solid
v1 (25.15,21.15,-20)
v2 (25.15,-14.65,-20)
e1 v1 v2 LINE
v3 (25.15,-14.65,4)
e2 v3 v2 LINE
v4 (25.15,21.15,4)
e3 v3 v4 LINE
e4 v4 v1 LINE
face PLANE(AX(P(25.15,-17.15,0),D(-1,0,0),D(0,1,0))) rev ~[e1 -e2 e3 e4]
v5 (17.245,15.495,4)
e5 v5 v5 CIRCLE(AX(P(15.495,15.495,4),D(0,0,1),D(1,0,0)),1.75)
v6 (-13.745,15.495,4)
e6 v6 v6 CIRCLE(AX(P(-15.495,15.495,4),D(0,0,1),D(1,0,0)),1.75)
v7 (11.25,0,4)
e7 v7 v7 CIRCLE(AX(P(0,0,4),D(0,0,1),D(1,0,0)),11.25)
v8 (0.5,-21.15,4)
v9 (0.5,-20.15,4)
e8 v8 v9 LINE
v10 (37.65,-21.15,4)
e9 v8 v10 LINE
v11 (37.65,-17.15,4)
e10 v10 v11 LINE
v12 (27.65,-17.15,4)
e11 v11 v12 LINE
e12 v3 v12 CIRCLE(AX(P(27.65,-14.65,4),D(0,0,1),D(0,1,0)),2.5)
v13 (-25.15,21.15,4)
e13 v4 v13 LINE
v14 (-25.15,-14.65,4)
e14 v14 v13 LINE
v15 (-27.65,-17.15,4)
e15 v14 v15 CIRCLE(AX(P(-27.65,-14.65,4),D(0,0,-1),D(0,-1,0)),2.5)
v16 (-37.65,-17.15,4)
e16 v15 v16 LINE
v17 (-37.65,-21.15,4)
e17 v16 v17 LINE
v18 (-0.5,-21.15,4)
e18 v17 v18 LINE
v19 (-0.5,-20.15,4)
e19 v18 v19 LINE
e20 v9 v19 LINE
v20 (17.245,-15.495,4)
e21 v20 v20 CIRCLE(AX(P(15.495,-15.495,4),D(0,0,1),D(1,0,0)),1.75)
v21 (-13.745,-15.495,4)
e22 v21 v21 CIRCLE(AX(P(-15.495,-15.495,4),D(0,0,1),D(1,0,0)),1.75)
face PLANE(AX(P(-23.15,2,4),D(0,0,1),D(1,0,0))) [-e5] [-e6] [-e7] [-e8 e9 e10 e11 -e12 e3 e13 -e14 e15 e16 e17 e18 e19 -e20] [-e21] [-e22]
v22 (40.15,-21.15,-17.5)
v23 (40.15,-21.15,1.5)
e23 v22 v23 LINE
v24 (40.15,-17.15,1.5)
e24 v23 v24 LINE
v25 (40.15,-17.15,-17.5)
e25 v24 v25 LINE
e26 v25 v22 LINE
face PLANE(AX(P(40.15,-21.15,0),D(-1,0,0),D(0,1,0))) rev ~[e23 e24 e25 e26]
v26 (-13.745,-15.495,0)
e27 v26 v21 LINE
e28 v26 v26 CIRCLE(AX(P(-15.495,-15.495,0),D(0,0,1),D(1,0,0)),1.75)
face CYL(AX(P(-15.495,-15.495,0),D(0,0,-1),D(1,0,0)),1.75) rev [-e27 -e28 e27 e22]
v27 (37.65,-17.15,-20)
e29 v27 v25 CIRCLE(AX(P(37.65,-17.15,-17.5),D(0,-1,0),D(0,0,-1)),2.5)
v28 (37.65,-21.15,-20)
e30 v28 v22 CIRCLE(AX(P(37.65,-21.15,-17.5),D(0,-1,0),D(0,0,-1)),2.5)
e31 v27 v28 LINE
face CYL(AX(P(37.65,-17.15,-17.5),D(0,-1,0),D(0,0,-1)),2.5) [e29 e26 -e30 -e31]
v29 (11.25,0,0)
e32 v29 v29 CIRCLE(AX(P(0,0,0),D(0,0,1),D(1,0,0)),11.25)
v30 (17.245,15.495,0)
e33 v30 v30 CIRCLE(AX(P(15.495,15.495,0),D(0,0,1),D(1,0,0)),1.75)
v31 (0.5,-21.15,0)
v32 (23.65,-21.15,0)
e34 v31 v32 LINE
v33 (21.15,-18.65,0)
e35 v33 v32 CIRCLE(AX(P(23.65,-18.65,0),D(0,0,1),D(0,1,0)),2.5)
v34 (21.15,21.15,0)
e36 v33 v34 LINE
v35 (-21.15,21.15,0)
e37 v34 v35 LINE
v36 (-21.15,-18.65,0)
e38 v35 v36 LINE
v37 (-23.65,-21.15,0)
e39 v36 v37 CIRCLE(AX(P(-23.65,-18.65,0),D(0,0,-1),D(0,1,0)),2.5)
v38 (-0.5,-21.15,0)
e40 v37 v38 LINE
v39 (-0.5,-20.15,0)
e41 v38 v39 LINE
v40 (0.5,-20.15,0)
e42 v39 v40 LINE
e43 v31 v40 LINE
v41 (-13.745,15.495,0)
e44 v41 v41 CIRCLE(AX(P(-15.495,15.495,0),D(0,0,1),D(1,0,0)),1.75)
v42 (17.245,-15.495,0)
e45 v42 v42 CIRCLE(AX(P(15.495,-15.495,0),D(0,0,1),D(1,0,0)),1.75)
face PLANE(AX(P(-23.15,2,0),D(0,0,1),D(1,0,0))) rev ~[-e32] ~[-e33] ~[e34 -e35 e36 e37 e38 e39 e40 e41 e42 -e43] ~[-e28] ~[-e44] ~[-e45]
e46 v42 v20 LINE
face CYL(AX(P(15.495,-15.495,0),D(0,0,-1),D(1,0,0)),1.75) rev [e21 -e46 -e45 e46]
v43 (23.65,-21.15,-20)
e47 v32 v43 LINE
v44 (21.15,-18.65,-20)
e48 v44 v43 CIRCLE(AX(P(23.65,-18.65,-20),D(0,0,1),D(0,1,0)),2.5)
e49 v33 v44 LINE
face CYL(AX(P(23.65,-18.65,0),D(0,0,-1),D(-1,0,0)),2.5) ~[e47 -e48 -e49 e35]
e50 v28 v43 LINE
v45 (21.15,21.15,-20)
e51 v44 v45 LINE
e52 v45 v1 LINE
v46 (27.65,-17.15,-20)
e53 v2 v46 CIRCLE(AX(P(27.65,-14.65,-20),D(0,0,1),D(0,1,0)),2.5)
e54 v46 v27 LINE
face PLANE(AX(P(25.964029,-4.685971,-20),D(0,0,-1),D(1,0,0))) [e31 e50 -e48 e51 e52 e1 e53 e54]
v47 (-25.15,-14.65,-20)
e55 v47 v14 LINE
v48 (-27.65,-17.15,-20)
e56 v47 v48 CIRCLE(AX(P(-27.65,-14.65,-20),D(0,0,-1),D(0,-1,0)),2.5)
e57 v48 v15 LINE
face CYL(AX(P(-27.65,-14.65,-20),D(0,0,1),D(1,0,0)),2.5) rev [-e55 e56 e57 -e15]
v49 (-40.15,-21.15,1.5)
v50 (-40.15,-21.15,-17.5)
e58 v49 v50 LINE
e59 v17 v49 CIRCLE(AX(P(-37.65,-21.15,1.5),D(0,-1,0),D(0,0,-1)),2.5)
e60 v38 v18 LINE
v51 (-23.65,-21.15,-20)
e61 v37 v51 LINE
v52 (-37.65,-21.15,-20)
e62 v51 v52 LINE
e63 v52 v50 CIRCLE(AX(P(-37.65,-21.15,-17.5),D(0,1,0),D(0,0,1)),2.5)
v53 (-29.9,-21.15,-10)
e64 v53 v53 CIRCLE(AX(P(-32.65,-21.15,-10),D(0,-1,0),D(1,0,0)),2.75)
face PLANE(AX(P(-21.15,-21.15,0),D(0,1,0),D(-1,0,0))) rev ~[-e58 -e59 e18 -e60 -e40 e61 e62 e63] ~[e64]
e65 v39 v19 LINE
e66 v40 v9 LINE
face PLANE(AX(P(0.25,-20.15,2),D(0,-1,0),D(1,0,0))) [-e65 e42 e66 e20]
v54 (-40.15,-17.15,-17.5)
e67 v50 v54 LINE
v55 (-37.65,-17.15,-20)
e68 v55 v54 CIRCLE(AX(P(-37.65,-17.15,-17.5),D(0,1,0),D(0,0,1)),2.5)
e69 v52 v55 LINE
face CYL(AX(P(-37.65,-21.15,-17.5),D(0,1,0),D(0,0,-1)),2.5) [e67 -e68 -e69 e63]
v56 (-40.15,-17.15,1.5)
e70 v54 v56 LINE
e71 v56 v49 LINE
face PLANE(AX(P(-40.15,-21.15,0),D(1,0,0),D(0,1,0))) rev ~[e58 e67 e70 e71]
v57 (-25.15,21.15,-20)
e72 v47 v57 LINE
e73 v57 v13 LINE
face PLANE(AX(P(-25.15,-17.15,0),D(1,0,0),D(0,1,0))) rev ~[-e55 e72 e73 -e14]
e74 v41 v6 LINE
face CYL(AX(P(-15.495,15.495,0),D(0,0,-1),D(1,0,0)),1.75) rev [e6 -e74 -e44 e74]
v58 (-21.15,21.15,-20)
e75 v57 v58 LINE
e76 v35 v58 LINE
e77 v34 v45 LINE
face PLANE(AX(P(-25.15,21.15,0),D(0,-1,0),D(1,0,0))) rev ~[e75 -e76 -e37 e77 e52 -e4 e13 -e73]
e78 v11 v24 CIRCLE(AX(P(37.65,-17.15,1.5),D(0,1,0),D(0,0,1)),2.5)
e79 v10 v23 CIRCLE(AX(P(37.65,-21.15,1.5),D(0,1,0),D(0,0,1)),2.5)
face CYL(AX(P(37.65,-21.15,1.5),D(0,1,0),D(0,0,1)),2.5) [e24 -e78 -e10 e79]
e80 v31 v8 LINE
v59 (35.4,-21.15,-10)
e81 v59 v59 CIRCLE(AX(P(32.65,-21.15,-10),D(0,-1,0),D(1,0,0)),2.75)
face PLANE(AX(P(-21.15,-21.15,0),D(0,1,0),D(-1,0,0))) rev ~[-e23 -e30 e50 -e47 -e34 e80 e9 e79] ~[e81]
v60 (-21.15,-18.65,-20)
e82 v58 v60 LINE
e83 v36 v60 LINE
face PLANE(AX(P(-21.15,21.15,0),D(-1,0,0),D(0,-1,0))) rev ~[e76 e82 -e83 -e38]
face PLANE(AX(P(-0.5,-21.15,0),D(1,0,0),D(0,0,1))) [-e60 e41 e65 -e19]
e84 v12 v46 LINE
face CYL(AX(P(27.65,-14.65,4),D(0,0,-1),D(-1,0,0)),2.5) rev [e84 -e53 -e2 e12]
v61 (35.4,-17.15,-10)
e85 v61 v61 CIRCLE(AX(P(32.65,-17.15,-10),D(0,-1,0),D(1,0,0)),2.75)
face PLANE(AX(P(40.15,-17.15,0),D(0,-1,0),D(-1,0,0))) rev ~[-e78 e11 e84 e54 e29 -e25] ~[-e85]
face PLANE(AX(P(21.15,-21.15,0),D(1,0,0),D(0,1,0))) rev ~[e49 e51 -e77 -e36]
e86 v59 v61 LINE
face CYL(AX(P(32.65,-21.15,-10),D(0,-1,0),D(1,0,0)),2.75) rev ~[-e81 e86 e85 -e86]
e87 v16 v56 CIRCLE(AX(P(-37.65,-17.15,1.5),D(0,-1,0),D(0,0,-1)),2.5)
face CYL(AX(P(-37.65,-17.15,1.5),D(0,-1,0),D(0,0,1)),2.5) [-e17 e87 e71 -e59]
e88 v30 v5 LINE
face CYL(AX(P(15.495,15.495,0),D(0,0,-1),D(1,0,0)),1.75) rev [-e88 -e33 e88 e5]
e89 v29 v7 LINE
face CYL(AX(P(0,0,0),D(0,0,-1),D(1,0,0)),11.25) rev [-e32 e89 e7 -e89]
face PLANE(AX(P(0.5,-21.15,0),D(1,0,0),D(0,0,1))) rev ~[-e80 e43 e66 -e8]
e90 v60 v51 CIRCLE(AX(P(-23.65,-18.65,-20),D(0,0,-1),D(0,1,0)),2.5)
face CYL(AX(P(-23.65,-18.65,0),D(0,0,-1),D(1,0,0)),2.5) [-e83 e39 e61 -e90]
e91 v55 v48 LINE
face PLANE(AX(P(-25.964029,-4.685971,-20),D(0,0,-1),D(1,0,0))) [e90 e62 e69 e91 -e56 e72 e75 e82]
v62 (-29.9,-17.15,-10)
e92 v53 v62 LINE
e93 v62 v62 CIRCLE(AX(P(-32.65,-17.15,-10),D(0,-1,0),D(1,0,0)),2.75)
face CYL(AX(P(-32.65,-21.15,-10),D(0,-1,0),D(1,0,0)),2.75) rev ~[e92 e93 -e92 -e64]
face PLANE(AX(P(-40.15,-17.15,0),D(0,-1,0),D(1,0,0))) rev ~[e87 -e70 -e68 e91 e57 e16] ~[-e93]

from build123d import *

# Parameters (mm, degrees)
F0_W     = 4
F0_H     = 38.3
F0_R     = 1.75
F0_R_2   = 11.25
F1_DEPTH = 4
F3_DEPTH = 20
F4_R     = 2.75
F5_DEPTH = 4
F6_R     = 2.5
F7_W     = 0.5
F7_H     = 4
F8_DEPTH = 1


with BuildPart() as f1:
    # F0 (on Top) → F1 (new body)
    with BuildSketch(Plane.XY):
        with Locations((-23.15, 2)):
            Rectangle(F0_W, F0_H)
        Polygon((21.15, 21.15), (-21.15, 21.15), (-21.15, -17.15), (-21.15, -21.15), (21.15, -21.15), (21.15, -17.15), align=None)
        with Locations((-15.495, -15.495)):
            Circle(F0_R, mode=Mode.SUBTRACT)
        with Locations((15.495, -15.495)):
            Circle(F0_R, mode=Mode.SUBTRACT)
        with Locations((-15.495, 15.495)):
            Circle(F0_R, mode=Mode.SUBTRACT)
        Circle(F0_R_2, mode=Mode.SUBTRACT)
        with Locations((15.495, 15.495)):
            Circle(F0_R, mode=Mode.SUBTRACT)
        with Locations((23.15, 2)):
            Rectangle(F0_W, F0_H)
        Polygon((-21.15, -21.15), (-21.15, -17.15), (-25.15, -17.15), (-40.15, -17.15), (-40.15, -21.15), align=None)
        Polygon((25.15, -17.15), (21.15, -17.15), (21.15, -21.15), (40.15, -21.15), (40.15, -17.15), align=None)
    extrude(amount=F1_DEPTH)

    # F2 (on face) → F3 (join)
    with BuildSketch(Plane(origin=(0, 0, 0), x_dir=(1, 0, 0), z_dir=(0, 0, -1))):
        Polygon((-25.15, -21.15), (-21.15, -21.15), (-21.15, 17.15), (-21.15, 21.15), (-40.15, 21.15), (-40.15, 17.15), (-25.15, 17.15), align=None)
        Polygon((21.15, 17.15), (21.15, -21.15), (25.15, -21.15), (25.15, 17.15), (40.15, 17.15), (40.15, 21.15), (21.15, 21.15), align=None)
    extrude(amount=F3_DEPTH)

    # F4 (on face) → F5 (cut, through all)
    with BuildSketch(Plane.XZ.offset(21.15)):
        with Locations((-32.65, -10)):
            Circle(F4_R)
        with Locations((32.65, -10)):
            Circle(F4_R)
    extrude(amount=-F5_DEPTH, mode=Mode.SUBTRACT)

    # F6
    f6_edges = [f1.edges().sort_by_distance(p)[0] for p in [
        (-40.15, -19.15, 4),
        (-40.15, -19.15, -20),
        (40.15, -19.15, -20),
        (40.15, -19.15, 4),
        (25.15, -17.15, -8),
        (-25.15, -17.15, -8),
        (21.15, -21.15, -10),
        (-21.15, -21.15, -10),
    ]]
    fillet(f6_edges, radius=F6_R)

    # F7 (on face) → F8 (cut)
    with BuildSketch(Plane.XZ.offset(21.15)):
        with Locations((0.25, 2)):
            Rectangle(F7_W, F7_H)
        with Locations((-0.25, 2)):
            Rectangle(F7_W, F7_H)
    extrude(amount=-F8_DEPTH, mode=Mode.SUBTRACT)


solid = f1.part
